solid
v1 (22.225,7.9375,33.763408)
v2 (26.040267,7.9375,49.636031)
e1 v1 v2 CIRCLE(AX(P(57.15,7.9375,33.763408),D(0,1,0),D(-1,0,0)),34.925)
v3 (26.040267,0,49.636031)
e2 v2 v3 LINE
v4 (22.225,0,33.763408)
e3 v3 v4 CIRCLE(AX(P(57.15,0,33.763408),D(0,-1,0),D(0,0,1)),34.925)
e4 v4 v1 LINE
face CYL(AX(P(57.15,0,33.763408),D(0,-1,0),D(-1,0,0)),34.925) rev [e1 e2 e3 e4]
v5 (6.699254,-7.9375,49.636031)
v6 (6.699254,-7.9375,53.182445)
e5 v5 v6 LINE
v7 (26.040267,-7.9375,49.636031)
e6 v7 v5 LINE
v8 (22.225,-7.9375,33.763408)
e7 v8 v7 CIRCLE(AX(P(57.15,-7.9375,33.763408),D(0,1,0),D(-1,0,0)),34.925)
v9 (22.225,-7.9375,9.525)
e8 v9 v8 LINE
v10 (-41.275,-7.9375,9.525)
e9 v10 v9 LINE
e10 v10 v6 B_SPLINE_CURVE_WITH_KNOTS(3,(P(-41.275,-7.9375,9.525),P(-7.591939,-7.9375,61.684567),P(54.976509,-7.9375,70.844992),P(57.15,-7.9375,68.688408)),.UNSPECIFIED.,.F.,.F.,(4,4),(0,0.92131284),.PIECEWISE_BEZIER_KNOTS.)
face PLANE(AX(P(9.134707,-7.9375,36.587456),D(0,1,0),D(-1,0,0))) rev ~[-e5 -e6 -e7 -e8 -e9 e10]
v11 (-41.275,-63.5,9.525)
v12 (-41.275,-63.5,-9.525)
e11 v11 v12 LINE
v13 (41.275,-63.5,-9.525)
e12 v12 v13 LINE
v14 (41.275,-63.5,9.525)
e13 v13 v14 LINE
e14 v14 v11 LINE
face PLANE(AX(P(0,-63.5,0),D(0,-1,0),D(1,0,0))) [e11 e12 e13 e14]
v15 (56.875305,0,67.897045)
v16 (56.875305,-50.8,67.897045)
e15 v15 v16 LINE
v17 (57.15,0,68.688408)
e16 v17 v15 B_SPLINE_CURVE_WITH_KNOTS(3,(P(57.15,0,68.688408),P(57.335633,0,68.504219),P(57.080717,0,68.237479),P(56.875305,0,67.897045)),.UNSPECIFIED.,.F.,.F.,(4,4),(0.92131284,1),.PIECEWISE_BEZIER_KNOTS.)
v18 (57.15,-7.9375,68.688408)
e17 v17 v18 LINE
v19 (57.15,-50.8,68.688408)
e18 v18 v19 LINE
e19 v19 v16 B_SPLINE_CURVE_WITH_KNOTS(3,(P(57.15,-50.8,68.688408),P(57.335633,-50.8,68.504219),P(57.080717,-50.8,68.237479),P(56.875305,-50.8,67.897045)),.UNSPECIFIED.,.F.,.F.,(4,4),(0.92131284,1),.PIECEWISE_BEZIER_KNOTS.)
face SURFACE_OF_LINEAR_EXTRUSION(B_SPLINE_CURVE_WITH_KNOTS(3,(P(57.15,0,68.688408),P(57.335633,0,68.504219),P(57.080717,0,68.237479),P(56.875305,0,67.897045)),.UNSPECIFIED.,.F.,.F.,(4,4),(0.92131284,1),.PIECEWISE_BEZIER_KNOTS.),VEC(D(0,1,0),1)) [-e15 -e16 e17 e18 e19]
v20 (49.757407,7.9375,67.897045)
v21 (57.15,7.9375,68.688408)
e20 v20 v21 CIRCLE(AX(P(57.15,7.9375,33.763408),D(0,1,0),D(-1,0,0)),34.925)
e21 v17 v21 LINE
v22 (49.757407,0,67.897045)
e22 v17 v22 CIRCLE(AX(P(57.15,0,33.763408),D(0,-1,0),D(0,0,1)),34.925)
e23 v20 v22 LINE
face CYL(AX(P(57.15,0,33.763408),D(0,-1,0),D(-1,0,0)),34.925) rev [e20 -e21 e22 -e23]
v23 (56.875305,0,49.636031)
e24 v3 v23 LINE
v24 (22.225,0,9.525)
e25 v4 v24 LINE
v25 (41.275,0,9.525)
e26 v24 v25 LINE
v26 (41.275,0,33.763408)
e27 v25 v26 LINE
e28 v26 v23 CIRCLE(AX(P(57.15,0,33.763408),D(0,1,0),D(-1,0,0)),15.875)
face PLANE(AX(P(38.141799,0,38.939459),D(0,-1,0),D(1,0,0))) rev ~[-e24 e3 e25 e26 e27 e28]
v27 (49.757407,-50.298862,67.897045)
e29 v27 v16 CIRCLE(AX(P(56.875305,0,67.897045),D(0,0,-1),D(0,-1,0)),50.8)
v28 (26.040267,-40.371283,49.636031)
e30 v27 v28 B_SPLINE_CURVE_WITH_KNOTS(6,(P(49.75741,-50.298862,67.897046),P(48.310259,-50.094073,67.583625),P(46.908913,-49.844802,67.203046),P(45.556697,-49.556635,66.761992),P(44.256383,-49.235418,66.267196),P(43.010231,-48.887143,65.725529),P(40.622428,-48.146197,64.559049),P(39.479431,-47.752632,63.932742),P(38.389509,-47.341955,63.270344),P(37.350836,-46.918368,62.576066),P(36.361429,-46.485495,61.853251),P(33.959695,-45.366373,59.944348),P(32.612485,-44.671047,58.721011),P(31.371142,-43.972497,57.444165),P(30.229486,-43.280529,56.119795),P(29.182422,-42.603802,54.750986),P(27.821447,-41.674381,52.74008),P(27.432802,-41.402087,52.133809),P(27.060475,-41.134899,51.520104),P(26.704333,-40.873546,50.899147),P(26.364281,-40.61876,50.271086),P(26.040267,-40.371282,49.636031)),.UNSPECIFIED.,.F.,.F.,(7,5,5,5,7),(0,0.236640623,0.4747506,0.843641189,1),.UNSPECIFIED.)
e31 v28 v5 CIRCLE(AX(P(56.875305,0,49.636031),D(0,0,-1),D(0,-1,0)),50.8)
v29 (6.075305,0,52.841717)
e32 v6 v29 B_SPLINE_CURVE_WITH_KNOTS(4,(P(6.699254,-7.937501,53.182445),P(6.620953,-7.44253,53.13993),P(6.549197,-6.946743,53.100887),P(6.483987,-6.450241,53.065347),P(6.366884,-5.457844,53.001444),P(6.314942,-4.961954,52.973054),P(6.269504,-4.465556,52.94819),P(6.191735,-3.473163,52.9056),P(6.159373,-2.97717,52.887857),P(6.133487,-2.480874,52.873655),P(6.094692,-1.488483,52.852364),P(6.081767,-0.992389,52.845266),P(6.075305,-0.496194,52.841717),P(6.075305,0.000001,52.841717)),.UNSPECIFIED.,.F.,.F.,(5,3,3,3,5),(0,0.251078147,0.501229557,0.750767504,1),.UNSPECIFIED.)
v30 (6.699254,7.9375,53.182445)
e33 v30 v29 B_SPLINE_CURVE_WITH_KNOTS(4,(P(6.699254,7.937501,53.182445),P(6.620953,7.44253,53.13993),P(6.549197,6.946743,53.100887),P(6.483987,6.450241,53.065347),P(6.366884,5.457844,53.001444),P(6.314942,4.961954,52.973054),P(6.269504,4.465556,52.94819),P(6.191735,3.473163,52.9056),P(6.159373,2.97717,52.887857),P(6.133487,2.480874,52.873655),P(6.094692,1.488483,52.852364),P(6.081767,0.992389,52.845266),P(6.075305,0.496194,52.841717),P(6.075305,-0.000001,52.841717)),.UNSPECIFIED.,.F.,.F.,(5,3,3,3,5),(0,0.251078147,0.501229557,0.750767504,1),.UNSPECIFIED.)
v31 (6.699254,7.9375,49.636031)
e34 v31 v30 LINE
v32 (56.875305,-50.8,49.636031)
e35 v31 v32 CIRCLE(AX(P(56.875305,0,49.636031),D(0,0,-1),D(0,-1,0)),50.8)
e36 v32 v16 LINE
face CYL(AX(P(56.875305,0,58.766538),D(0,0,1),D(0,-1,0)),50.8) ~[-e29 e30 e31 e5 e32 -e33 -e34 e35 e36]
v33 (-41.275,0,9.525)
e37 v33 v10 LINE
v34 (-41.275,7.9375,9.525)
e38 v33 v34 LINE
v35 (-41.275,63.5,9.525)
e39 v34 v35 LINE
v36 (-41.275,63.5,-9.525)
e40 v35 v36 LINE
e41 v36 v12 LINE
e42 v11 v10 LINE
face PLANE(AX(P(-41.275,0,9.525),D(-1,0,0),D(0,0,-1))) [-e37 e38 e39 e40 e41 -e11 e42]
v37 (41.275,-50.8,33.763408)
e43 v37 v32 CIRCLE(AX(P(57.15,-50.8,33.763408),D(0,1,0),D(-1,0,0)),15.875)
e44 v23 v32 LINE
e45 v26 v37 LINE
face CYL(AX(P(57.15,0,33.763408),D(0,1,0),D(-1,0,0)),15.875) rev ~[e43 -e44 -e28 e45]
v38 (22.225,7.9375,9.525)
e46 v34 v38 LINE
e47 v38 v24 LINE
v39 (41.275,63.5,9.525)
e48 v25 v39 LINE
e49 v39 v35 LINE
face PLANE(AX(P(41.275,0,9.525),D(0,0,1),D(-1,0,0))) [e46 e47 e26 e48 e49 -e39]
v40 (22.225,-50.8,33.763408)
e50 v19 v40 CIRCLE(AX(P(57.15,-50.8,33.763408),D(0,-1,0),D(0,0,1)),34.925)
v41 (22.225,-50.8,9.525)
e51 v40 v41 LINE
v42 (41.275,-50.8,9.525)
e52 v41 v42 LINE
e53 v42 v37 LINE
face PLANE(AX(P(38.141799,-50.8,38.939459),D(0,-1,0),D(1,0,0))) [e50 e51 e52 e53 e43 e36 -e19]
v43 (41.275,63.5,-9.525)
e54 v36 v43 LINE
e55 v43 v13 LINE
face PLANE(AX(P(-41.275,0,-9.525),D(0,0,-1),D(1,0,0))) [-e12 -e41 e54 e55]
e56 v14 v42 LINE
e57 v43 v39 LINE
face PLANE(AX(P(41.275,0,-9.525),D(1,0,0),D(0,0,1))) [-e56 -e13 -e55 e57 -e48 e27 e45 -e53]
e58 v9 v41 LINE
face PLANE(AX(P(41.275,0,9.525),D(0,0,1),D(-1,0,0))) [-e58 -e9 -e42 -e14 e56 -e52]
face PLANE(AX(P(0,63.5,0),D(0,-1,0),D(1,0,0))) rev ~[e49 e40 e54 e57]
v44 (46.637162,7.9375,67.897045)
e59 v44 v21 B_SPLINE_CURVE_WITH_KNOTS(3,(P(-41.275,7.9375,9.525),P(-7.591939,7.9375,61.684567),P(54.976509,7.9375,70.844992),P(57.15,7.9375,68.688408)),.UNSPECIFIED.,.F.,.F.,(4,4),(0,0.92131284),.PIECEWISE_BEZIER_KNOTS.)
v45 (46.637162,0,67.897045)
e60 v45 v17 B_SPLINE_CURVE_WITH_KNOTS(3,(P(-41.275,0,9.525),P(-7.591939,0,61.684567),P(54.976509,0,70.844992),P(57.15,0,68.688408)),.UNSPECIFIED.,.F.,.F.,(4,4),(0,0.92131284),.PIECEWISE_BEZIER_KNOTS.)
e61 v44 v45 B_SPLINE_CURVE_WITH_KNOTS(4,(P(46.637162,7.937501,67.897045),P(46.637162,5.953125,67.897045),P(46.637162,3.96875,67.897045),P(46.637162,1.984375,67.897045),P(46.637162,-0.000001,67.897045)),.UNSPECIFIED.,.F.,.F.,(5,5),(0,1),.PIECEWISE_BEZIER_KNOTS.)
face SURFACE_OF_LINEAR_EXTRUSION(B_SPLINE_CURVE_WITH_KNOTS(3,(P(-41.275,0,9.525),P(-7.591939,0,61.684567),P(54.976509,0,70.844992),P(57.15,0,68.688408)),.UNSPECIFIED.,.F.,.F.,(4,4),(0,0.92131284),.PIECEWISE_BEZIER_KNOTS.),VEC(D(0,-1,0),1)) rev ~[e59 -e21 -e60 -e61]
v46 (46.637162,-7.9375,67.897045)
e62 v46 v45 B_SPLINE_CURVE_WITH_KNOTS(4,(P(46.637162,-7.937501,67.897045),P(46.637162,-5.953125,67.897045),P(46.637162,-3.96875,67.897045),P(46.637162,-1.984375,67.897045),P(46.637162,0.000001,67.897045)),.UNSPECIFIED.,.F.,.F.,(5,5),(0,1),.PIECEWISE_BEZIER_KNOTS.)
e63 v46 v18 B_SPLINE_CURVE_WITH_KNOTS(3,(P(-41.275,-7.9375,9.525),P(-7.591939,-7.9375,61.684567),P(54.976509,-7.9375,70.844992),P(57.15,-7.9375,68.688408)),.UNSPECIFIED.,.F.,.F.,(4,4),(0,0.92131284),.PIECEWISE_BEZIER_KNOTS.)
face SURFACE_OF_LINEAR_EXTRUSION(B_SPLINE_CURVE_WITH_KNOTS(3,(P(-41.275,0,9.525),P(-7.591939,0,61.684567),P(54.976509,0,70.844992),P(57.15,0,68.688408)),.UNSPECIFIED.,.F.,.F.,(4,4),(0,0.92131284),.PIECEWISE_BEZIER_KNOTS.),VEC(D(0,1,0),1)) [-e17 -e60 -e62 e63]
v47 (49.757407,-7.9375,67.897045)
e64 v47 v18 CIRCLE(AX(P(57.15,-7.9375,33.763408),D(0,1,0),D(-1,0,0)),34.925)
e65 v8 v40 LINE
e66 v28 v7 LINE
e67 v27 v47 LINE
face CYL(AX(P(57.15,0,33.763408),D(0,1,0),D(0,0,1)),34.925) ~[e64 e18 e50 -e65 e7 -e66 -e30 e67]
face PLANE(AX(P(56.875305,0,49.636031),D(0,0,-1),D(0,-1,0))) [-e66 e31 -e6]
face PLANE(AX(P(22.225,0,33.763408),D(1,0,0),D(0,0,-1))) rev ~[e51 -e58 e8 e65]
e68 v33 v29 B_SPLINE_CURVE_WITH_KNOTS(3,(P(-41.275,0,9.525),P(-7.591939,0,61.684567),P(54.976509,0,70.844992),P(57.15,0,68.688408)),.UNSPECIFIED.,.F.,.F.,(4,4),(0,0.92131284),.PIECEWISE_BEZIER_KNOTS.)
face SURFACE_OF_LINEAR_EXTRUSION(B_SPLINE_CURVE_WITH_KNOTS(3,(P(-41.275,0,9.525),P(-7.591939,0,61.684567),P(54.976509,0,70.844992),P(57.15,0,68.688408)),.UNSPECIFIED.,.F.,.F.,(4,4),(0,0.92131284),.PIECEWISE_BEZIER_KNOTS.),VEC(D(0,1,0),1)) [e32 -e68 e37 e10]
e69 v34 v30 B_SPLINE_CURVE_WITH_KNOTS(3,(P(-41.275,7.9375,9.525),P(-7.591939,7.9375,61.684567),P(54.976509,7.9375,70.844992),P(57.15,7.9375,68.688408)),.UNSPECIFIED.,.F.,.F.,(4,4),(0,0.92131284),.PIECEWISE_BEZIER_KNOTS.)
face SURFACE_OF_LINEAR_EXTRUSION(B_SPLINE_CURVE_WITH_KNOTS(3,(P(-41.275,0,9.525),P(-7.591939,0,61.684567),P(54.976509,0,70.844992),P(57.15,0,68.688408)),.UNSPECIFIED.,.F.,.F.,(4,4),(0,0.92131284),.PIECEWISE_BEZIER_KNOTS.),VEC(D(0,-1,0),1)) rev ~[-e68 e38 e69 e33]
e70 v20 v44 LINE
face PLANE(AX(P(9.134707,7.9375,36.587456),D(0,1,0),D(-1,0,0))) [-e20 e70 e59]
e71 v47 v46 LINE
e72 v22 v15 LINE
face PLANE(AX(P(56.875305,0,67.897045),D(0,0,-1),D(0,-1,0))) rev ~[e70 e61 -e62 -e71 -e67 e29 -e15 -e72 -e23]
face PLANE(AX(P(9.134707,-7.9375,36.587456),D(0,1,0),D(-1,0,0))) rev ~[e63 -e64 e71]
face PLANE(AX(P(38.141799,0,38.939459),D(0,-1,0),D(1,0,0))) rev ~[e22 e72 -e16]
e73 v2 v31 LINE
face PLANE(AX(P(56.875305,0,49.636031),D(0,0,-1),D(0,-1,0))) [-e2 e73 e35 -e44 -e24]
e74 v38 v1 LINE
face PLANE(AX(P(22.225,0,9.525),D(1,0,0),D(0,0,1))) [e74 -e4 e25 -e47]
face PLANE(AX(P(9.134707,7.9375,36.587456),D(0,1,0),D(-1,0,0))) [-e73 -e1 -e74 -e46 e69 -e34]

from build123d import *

# Parameters (mm, degrees)
F1_DEPTH  = 63.5
F2_DEPTH  = 50.8
F3_DEPTH  = 7.9375
F2_FACE_W = 50.8
F2_FACE_H = 18.2610141082


with BuildPart() as f1:
    # F0 (on Front) → F1 (new body, symmetric)
    with BuildSketch(Plane.XZ):
        Polygon((22.225, 9.525), (-41.275, 9.525), (-41.275, -9.525), (41.275, -9.525), (41.275, 9.525), align=None)
    extrude(amount=F1_DEPTH, both=True)

    # F0 (on Front) → F2 (join)
    with BuildSketch(Plane.XZ):
        with BuildLine():
            Line((22.225, 33.7634080377), (22.225, 9.525))
            Line((22.225, 9.525), (41.275, 9.525))
            Line((41.275, 9.525), (41.275, 33.7634080377))
            ThreePointArc((41.275, 33.7634080377), (45.8279770824, 44.8911850867), (56.8753051405, 49.636031253))
            Line((56.8753051405, 49.636031253), (56.8753051405, 67.8970453611))
            add(Edge.make_bspline(
                [(57.15, 68.6884080377), (57.335632748, 68.5042193152), (57.0807165436, 68.2374790668), (56.8753051405, 67.8970453611)],
                knots=[0.9213128399, 0.9213128399, 0.9213128399, 0.9213128399, 1, 1, 1, 1], degree=3))
            ThreePointArc((57.15, 68.6884080377), (32.4542956671, 58.4591123706), (22.225, 33.7634080377))
        make_face()
    extrude(amount=F2_DEPTH)

    # F0 (on Front) → F3 (join, symmetric)
    with BuildSketch(Plane.XZ):
        with BuildLine():
            add(Edge.make_bspline(
                [(-41.275, 9.525), (-7.5919390656, 61.6845674813), (54.9765090021, 70.8449915853), (57.15, 68.6884080377)],
                knots=[0, 0, 0, 0, 0.9213128399, 0.9213128399, 0.9213128399, 0.9213128399], degree=3))
            Line((-41.275, 9.525), (22.225, 9.525))
            Line((22.225, 9.525), (22.225, 33.7634080377))
            ThreePointArc((22.225, 33.7634080377), (32.4542956671, 58.4591123706), (57.15, 68.6884080377))
        make_face()
    extrude(amount=F3_DEPTH, both=True)

    # F2_face (on face) → F4 (revolve)
    with BuildSketch(Plane(origin=(56.8753051405, -25.4, 58.7665383071), x_dir=(0, 1, 0), z_dir=(1, 0, 0))):
        Rectangle(F2_FACE_W, F2_FACE_H)
    revolve(axis=Axis((56.8753051405, 0, 58.7665383071), (0, 0, -1)))


solid = f1.part
